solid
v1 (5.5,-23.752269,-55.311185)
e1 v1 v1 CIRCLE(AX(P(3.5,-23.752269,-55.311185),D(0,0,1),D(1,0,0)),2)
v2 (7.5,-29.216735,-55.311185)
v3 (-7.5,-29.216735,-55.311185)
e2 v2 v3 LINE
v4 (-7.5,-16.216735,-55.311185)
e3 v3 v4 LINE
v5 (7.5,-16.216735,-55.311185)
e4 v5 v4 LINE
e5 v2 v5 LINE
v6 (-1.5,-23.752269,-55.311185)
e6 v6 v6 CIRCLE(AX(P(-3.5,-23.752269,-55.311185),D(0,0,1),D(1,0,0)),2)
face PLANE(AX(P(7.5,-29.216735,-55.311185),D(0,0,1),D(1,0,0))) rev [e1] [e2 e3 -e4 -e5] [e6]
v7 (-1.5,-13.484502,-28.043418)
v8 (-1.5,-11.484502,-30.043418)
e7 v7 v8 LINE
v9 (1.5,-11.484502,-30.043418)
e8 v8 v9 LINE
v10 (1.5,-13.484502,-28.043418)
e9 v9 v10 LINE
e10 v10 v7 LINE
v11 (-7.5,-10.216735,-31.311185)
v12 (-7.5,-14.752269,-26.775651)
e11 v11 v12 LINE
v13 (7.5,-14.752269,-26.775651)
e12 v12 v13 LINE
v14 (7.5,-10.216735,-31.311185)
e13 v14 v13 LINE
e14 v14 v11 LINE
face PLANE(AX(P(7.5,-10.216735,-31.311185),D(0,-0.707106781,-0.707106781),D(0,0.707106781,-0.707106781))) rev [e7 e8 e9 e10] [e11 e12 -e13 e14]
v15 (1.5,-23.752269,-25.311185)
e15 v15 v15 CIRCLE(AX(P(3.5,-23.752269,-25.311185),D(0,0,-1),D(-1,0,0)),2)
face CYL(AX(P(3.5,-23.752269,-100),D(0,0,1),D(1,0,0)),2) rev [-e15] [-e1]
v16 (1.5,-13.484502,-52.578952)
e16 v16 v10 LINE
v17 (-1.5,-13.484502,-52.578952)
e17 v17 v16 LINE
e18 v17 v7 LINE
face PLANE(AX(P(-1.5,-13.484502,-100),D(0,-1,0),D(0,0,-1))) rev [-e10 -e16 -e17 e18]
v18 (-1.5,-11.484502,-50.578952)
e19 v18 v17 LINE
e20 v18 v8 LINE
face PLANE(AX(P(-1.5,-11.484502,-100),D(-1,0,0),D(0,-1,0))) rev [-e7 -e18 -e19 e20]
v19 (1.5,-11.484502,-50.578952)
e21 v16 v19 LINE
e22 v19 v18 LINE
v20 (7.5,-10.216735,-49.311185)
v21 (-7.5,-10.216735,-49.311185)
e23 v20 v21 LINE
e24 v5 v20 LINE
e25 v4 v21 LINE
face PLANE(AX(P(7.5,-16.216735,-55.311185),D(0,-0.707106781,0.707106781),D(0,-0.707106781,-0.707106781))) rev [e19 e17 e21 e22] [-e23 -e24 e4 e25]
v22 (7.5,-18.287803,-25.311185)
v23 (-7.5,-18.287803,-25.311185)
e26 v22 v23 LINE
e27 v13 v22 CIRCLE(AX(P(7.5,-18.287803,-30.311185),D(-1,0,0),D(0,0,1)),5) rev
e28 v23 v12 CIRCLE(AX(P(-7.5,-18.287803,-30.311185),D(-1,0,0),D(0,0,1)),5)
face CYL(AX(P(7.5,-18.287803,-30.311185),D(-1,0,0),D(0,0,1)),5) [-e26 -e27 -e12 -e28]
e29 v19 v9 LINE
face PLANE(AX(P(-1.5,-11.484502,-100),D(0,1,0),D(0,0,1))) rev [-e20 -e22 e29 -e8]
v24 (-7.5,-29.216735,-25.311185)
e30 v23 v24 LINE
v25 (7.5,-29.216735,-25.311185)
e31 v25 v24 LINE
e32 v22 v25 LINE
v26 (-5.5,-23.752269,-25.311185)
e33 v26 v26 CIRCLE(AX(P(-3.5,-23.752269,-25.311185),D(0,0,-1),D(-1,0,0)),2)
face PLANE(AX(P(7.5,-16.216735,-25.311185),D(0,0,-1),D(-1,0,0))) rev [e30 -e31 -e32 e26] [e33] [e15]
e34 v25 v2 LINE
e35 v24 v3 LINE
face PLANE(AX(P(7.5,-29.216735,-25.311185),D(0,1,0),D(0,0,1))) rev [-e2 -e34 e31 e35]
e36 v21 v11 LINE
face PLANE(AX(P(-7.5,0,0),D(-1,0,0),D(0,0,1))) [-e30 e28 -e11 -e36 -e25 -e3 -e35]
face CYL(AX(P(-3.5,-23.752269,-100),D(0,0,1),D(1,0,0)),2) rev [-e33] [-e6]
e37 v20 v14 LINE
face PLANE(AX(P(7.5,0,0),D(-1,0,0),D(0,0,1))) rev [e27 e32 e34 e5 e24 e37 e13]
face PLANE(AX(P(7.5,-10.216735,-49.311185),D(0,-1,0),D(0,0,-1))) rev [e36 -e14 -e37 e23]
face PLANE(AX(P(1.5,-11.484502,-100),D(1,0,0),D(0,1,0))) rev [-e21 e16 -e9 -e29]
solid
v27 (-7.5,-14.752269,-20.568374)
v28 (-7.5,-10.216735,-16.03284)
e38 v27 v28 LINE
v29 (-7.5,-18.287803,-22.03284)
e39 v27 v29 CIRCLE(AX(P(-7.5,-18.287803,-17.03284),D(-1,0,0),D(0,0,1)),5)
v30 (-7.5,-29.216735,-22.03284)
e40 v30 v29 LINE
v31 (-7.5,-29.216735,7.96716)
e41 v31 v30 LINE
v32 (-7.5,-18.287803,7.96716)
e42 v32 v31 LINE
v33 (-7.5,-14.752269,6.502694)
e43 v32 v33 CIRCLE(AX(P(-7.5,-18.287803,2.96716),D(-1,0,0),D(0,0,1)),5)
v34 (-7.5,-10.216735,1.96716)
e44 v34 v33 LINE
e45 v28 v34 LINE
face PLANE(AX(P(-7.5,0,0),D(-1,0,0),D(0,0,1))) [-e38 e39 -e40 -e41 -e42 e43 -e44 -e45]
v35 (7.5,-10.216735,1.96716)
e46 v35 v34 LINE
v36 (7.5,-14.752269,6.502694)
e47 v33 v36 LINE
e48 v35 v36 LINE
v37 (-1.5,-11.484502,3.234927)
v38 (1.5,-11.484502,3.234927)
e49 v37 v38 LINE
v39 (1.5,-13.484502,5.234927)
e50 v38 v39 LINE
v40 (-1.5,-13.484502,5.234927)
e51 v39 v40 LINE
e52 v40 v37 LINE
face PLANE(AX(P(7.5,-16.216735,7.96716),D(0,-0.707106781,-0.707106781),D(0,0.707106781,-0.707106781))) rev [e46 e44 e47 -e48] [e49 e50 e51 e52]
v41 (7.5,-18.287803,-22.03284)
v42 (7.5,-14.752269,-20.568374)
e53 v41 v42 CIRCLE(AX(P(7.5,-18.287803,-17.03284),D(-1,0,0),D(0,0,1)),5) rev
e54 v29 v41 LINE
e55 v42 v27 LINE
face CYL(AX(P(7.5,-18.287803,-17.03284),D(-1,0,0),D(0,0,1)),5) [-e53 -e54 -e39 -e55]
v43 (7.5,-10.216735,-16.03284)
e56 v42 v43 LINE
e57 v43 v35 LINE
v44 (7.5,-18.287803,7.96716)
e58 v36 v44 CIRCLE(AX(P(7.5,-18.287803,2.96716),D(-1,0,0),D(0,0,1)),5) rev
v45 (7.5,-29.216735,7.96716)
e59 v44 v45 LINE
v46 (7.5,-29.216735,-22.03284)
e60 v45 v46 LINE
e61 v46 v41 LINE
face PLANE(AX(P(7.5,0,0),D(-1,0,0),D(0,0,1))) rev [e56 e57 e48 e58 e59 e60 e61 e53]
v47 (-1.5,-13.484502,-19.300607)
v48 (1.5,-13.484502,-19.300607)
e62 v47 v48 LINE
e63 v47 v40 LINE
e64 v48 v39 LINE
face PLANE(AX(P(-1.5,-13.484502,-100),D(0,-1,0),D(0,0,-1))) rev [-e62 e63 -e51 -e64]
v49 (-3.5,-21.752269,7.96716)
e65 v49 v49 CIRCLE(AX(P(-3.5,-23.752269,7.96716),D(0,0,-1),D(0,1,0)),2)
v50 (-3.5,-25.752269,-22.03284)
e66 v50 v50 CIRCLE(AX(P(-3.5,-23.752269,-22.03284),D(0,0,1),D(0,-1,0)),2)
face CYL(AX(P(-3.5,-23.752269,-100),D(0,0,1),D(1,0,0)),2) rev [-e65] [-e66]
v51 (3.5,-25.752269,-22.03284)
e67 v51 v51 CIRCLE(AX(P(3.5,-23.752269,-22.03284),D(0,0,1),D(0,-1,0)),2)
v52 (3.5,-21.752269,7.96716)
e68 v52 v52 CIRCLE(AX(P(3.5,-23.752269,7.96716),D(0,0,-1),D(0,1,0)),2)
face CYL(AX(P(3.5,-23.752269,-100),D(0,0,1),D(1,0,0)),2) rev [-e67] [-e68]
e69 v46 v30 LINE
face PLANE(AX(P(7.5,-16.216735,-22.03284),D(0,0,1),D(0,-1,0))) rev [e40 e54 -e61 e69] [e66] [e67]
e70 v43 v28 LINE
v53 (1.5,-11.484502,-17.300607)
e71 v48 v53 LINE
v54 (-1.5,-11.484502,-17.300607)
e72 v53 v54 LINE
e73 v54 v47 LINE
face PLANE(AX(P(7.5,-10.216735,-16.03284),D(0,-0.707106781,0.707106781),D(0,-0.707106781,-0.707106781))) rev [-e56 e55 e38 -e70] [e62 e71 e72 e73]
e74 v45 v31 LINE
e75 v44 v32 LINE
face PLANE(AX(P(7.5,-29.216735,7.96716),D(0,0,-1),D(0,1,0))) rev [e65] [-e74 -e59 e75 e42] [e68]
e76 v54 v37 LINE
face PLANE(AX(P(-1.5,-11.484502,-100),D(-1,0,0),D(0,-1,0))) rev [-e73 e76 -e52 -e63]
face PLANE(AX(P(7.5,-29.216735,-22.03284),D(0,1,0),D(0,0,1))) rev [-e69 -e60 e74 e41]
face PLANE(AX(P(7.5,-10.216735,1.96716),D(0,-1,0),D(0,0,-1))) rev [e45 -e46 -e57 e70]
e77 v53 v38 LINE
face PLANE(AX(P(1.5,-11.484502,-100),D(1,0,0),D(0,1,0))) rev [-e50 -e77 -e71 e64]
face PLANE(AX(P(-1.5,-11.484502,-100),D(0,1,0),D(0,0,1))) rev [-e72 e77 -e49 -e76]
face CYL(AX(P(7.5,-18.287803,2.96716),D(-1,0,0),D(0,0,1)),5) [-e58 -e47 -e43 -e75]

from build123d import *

# Parameters (mm, degrees)
BOSS_EXTRUDE2_DEPTH = 7.5
BOSS_EXTRUDE3_DEPTH = 7.5
FILLET1_R           = 5
FILLET2_R           = 5
SKETCH4_R           = 2
SKETCH4_W           = 3
SKETCH4_H           = 2
CUT_EXTRUDE1_DEPTH  = 100


with BuildPart() as part:
    # Sketch2 → Boss-Extrude2 (new, symmetric)
    with BuildSketch(Plane(origin=(0, 0, 0), x_dir=(0, 0, -1), z_dir=(1, 0, 0))):
        Polygon((-7.967160281, -29.21673477), (-7.967160281, -16.21673477), (-1.967160281, -10.21673477), (16.032839719, -10.21673477), (22.032839719, -16.21673477), (22.032839719, -29.21673477), align=None)
    extrude(amount=BOSS_EXTRUDE2_DEPTH, both=True)

    # Fillet2
    fillet2_edges = [part.edges().sort_by_distance(p)[0] for p in [
        (0, -16.21673477, 7.967160281),
        (0, -16.21673477, -22.032839719),
    ]]
    fillet(fillet2_edges, radius=FILLET2_R)


with BuildPart() as body_2:
    # Sketch3 → Boss-Extrude3 (new, symmetric)
    with BuildSketch(Plane(origin=(0, 0, 0), x_dir=(0, 0, -1), z_dir=(1, 0, 0))):
        Polygon((25.31118522, -16.21673477), (25.31118522, -29.21673477), (55.31118522, -29.21673477), (55.31118522, -16.21673477), (49.31118522, -10.21673477), (31.31118522, -10.21673477), align=None)
    extrude(amount=BOSS_EXTRUDE3_DEPTH, both=True)

    # Fillet1
    fillet1_edges = [body_2.edges().sort_by_distance(p)[0] for p in [
        (0, -16.21673477, -25.31118522),
    ]]
    fillet(fillet1_edges, radius=FILLET1_R)


with BuildPart() as cut_extrude1_tool:
    # Sketch4 → Cut-Extrude1 (new, symmetric)
    with BuildSketch(Plane.XY):
        with Locations((-3.5, -23.752268676)):
            Circle(SKETCH4_R)
        with Locations((3.5, -23.752268676)):
            Circle(SKETCH4_R)
        with Locations((0, -12.484501723)):
            Rectangle(SKETCH4_W, SKETCH4_H)
    extrude(amount=CUT_EXTRUDE1_DEPTH, both=True)


with BuildPart() as part_1:
    add(part.part)

    # Cut-Extrude1: cut by cut_extrude1_tool
    add(cut_extrude1_tool.part, mode=Mode.SUBTRACT)


with BuildPart() as body_2_1:
    add(body_2.part)

    # Cut-Extrude1: cut by cut_extrude1_tool
    add(cut_extrude1_tool.part, mode=Mode.SUBTRACT)


solid = Compound([part_1.part, body_2_1.part])
